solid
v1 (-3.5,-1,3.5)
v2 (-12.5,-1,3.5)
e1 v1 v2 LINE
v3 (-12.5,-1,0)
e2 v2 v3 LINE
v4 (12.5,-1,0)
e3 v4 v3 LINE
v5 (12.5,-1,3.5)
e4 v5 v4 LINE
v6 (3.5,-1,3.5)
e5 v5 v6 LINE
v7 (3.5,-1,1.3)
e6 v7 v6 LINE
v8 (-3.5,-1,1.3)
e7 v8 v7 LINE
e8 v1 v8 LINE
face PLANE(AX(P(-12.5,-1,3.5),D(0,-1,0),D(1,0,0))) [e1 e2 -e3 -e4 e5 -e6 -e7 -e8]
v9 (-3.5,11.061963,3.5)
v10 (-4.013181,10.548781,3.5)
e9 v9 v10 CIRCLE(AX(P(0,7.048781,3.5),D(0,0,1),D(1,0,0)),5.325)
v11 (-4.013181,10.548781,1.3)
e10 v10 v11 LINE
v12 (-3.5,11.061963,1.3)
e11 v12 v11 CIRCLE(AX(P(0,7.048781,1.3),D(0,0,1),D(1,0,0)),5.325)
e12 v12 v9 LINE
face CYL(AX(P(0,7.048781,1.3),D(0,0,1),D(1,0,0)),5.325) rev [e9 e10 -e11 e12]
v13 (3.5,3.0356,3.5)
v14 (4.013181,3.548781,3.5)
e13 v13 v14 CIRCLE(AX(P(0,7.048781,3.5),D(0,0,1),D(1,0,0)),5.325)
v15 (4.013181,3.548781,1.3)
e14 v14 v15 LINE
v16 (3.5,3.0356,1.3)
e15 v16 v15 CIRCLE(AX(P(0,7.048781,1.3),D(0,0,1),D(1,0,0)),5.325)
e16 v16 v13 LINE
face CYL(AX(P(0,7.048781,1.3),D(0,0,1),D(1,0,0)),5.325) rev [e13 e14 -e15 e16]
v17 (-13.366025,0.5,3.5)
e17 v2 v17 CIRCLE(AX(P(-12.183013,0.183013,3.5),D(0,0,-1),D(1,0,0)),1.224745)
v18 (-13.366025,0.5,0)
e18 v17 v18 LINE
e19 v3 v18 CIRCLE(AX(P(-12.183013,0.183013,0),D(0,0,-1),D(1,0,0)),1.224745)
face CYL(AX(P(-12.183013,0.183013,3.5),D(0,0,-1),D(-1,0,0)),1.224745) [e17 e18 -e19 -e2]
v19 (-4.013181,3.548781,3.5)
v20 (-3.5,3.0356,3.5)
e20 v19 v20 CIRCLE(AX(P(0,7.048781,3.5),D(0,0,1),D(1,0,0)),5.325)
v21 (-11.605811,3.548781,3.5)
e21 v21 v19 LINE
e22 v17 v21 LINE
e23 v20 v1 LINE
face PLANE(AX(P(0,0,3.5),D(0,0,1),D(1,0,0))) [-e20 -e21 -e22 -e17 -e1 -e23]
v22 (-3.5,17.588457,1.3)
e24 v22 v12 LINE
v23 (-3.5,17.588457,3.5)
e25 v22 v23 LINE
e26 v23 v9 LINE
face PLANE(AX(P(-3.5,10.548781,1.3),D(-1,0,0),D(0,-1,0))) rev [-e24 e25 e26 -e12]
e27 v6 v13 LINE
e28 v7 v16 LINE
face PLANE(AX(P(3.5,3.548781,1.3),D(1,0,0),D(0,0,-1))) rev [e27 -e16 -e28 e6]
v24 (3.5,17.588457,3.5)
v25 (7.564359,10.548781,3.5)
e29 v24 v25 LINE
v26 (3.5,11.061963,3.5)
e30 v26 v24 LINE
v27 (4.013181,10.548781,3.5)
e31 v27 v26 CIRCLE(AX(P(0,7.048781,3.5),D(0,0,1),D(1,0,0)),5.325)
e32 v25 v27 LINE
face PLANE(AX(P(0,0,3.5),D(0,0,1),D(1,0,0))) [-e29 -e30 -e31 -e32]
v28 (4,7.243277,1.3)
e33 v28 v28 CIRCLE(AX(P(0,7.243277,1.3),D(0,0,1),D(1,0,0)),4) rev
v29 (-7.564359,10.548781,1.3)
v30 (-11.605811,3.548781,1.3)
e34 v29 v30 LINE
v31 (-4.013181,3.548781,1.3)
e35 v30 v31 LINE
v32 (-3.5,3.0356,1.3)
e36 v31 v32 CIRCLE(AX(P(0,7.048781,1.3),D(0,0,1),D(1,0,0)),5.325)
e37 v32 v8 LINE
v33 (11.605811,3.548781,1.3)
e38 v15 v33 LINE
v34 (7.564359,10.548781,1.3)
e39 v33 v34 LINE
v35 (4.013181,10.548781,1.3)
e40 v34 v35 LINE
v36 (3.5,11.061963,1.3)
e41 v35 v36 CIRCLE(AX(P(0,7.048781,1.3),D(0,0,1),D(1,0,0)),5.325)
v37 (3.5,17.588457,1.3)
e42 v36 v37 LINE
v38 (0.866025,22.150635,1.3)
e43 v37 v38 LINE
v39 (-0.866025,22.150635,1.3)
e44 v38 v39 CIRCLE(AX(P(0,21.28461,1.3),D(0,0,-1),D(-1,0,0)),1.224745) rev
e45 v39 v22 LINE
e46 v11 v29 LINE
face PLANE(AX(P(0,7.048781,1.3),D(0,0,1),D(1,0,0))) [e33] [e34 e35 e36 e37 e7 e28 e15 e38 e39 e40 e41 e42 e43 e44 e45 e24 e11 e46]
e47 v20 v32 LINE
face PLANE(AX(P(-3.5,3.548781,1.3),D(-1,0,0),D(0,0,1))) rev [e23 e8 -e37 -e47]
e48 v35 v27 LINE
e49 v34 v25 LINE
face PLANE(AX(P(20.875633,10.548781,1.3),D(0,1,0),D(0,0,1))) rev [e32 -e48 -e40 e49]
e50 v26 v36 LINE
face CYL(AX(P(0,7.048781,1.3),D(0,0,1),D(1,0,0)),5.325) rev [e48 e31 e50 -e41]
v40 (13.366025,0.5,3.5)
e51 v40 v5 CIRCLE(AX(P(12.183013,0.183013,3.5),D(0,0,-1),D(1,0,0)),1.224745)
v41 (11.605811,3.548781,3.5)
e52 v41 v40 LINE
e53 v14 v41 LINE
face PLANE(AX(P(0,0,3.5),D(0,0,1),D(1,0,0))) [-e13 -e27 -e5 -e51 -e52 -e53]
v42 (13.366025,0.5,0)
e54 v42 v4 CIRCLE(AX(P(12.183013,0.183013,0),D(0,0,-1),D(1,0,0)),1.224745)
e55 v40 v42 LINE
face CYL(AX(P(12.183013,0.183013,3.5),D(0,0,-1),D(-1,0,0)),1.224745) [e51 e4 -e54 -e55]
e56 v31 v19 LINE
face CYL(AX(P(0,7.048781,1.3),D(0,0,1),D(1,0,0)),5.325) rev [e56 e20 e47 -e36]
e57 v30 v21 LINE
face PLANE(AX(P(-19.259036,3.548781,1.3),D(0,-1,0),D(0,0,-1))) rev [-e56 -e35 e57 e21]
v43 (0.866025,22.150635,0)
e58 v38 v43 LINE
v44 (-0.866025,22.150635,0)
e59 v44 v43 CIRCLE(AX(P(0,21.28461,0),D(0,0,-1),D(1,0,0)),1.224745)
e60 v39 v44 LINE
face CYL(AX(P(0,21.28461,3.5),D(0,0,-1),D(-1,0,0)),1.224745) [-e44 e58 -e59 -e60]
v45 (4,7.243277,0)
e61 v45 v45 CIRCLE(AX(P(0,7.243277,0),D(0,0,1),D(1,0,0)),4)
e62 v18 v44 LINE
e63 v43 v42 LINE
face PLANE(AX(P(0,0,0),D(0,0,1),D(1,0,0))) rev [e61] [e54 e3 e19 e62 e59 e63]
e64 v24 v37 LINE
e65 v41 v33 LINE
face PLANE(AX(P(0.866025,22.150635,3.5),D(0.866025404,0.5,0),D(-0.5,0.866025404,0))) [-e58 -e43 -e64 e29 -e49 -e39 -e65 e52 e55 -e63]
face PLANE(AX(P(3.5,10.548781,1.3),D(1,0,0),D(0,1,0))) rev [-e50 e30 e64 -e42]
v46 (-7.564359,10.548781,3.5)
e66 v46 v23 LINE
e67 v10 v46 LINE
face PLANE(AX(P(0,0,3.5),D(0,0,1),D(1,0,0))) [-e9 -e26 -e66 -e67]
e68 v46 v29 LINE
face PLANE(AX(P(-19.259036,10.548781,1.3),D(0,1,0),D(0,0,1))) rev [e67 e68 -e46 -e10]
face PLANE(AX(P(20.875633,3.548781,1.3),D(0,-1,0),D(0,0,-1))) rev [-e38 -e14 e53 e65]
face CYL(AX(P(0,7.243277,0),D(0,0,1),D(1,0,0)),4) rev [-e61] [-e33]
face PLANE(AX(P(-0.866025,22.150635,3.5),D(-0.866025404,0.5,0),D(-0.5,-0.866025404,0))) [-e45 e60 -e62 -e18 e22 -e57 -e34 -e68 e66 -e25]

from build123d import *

# Parameters (mm, degrees)
EXTRUDE_1_DEPTH     = 3.5
EXTRUDE_8_DEPTH     = 3.5
SKETCH_12_R         = 4
CUT_EXTRUDE_1_DEPTH = 27.432726041
SKETCH_13_R         = 5.325
CUT_EXTRUDE_2_DEPTH = 2.2
CUT_EXTRUDE_3_DEPTH = 2.2


with BuildPart() as part:
    # ｽｹｯﾁ1 → ﾎﾞｽ - 押し出し1 (new body)
    with BuildSketch(Plane.XY):
        Polygon((0, 21.650635095), (-12.5, 0), (12.5, 0), align=None)
    extrude(amount=EXTRUDE_1_DEPTH)

    # ｽｹｯﾁ11 → ﾎﾞｽ - 押し出し8 (add, through all)
    with BuildSketch(Plane(origin=(0, 0, 0), x_dir=(-1, 0, 0), z_dir=(0, 0, -1))):
        with BuildLine():
            Line((0.866025404, 22.150635095), (13.366025404, 0.5))
            ThreePointArc((13.366025404, 0.5), (13.243672874, -0.429359734), (12.5, -1))
            Line((12.5, -1), (-12.5, -1))
            ThreePointArc((-12.5, -1), (-13.243672874, -0.429359734), (-13.366025404, 0.5))
            Line((-13.366025404, 0.5), (-0.866025404, 22.150635095))
            ThreePointArc((-0.866025404, 22.150635095), (0, 22.509354562), (0.866025404, 22.150635095))
        make_face()
        Polygon((0, 21.650635095), (12.5, 0), (-12.5, 0), align=None, mode=Mode.SUBTRACT)
    extrude(amount=-EXTRUDE_8_DEPTH)

    # ｽｹｯﾁ12 → ｶｯﾄ - 押し出し1 (cut, through all)
    with BuildSketch(Plane.XY.offset(3.5)):
        with Locations((0, 7.24327674)):
            Circle(SKETCH_12_R)
    extrude(amount=-CUT_EXTRUDE_1_DEPTH, mode=Mode.SUBTRACT)

    # ｽｹｯﾁ13 → ｶｯﾄ - 押し出し2 (cut)
    with BuildSketch(Plane.XY.offset(3.5)):
        with Locations((0, 7.048781332)):
            Circle(SKETCH_13_R)
    extrude(amount=-CUT_EXTRUDE_2_DEPTH, mode=Mode.SUBTRACT)

    # ｽｹｯﾁ14 → ｶｯﾄ - 押し出し3 (cut)
    with BuildSketch(Plane.XY.offset(3.5)):
        Polygon((-3.5, 24.86994882), (3.5, 24.86994882), (3.5, 10.548781332), (20.875633237, 10.548781332), (20.875633237, 3.548781332), (3.5, 3.548781332), (3.5, -2.871018352), (-3.5, -2.871018352), (-3.5, 3.548781332), (-19.259035821, 3.548781332), (-19.259035821, 10.548781332), (-3.5, 10.548781332), align=None)
    extrude(amount=-CUT_EXTRUDE_3_DEPTH, mode=Mode.SUBTRACT)


solid = part.part
